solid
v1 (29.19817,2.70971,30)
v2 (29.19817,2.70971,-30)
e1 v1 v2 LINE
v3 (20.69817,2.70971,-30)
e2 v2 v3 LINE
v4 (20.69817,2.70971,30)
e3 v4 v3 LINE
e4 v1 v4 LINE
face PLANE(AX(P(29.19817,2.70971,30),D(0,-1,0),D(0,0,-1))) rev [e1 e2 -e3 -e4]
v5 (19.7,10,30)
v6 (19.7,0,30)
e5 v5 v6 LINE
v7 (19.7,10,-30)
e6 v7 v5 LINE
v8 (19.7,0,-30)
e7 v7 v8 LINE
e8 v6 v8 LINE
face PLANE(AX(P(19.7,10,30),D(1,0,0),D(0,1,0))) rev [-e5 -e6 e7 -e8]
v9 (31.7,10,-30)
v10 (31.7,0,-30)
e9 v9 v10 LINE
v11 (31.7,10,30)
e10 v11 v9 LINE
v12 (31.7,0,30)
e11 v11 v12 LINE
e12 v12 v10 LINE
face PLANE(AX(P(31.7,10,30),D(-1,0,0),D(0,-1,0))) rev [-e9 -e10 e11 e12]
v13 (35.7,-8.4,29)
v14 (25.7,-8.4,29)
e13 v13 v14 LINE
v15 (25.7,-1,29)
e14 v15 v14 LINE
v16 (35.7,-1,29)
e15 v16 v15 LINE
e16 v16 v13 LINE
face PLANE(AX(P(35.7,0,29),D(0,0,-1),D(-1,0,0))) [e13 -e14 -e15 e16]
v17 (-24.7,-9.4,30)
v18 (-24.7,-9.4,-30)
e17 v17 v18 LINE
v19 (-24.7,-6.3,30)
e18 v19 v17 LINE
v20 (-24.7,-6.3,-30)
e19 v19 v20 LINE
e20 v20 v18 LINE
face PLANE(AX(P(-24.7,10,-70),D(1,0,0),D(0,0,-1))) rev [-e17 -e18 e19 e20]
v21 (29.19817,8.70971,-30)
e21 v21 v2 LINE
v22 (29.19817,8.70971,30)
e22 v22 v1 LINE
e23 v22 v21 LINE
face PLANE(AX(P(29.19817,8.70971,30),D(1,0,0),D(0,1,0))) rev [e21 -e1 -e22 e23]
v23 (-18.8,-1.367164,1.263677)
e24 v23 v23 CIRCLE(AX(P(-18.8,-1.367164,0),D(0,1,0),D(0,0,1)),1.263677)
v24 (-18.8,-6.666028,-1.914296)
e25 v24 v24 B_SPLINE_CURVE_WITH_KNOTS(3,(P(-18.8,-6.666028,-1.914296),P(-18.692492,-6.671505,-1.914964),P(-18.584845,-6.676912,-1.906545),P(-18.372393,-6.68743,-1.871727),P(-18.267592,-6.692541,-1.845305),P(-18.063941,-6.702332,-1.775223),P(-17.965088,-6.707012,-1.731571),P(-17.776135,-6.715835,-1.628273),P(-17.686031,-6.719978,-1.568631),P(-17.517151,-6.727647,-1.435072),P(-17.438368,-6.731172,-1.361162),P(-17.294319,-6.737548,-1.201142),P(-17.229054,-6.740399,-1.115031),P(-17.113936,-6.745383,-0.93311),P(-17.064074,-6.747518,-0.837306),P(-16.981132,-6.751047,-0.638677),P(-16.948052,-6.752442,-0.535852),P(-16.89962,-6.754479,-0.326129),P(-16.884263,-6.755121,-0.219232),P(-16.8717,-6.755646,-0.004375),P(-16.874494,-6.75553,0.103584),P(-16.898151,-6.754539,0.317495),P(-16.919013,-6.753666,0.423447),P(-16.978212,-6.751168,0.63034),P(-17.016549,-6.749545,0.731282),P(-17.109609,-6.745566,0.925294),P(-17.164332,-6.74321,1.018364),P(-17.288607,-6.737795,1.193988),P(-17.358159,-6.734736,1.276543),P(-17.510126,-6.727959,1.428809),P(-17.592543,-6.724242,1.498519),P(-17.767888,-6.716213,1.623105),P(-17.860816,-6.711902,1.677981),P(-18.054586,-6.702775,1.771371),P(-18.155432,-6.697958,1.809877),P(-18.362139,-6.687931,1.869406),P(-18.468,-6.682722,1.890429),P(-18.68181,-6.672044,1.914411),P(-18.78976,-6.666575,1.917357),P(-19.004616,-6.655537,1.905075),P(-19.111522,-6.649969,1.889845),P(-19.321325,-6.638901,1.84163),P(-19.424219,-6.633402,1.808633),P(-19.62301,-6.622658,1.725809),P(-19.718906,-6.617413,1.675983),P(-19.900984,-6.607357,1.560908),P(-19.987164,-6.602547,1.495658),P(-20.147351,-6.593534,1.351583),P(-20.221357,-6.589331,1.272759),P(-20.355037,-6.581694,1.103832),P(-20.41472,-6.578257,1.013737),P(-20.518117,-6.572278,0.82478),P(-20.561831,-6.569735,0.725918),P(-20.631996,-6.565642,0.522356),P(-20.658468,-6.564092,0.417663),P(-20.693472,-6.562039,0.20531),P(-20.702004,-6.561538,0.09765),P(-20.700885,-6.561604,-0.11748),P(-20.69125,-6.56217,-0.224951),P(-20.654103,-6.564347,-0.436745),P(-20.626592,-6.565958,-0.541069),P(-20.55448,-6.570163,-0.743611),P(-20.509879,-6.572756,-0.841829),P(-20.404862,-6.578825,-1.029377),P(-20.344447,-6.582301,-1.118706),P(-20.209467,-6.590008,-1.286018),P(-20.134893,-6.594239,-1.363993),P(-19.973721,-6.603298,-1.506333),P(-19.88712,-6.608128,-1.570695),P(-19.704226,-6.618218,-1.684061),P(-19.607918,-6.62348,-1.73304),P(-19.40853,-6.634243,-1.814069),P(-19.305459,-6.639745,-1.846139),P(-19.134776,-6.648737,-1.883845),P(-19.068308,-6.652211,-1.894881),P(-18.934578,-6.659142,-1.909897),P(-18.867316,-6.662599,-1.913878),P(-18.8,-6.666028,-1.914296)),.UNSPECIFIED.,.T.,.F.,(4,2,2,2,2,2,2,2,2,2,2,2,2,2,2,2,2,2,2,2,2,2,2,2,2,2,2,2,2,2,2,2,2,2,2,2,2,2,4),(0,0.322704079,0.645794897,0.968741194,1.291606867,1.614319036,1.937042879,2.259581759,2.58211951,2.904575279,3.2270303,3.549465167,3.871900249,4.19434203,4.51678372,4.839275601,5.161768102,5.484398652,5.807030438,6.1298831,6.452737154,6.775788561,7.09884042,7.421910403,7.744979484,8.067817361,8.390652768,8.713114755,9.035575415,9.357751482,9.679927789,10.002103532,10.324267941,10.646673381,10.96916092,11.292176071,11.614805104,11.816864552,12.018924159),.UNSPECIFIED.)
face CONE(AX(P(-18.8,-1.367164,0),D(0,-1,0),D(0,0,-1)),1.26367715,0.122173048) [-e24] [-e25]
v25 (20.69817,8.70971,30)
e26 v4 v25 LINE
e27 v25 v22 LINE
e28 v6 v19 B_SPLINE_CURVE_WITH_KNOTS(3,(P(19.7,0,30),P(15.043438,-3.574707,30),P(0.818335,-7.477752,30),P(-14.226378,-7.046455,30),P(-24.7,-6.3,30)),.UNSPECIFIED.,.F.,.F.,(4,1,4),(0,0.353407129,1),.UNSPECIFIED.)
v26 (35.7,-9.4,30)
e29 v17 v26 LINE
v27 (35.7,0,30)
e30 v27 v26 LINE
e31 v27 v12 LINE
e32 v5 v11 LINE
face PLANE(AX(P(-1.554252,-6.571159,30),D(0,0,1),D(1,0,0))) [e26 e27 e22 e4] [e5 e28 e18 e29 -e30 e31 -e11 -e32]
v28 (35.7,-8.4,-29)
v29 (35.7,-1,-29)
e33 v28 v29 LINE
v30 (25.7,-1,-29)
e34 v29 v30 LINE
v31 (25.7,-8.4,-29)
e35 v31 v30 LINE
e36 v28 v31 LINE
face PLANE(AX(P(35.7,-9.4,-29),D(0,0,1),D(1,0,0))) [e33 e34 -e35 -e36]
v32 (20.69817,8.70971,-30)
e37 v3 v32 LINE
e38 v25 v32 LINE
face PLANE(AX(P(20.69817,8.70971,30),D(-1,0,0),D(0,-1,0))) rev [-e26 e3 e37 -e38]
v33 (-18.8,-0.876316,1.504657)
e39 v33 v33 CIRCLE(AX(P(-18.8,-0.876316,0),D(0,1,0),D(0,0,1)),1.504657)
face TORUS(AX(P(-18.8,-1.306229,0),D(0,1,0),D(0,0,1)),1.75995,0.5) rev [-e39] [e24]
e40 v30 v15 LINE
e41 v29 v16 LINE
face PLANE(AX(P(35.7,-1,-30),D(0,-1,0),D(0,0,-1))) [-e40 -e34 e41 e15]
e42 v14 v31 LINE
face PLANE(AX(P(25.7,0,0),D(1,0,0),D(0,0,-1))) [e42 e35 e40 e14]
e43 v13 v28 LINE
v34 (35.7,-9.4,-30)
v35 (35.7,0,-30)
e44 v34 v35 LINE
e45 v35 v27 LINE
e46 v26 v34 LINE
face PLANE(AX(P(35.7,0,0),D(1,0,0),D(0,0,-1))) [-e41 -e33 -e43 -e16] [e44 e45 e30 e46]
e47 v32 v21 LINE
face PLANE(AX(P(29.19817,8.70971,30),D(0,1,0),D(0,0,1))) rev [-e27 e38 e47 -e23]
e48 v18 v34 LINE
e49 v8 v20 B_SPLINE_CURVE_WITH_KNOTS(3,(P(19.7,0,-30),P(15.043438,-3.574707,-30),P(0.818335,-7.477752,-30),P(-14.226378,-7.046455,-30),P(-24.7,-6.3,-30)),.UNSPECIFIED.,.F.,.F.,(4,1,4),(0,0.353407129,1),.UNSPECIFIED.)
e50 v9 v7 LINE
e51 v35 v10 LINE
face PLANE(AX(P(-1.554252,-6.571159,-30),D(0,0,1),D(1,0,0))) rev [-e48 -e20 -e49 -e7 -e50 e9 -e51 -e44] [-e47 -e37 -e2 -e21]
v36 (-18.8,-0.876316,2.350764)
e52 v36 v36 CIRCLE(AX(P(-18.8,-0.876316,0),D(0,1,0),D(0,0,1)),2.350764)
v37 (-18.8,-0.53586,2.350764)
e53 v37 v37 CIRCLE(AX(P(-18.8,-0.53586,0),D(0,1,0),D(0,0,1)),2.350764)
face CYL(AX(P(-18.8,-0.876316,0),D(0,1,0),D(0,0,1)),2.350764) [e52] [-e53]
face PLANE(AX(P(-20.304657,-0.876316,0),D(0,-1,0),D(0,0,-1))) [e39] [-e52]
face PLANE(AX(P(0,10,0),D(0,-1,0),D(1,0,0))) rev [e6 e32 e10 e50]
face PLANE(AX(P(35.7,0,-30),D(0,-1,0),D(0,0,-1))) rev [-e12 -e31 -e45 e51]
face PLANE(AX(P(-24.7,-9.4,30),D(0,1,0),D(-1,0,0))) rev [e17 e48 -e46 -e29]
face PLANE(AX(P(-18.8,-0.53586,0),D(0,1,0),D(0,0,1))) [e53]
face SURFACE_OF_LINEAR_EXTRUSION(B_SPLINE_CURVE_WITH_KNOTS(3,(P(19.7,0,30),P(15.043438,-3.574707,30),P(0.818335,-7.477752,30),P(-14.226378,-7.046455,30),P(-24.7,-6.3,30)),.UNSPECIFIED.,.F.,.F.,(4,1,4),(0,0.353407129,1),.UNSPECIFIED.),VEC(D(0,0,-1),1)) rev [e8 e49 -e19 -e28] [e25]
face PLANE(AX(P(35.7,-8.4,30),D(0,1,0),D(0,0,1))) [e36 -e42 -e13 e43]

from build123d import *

# Parameters (mm, degrees)
SKETCH1_W           = 49.4
SKETCH1_H           = 140
BOSS_EXTRUDE1_DEPTH = 10
BOSS_EXTRUDE3_DEPTH = 30
SKETCH25_W          = 60
SKETCH25_H          = 9.4
BOSS_EXTRUDE4_DEPTH = 11
SHELL1_T            = -1
SKETCH34_W          = 12
SKETCH34_H          = 60
BOSS_EXTRUDE5_DEPTH = 10
SKETCH38_W          = 8.5
SKETCH38_H          = 6
CUT_EXTRUDE3_DEPTH  = 71.530064661


with BuildPart() as part:
    # Sketch1 → Boss-Extrude1 (new, symmetric)
    with BuildSketch(Plane(origin=(0, 0, 0), x_dir=(1, 0, 0), z_dir=(0, 1, 0))):
        Rectangle(SKETCH1_W, SKETCH1_H)
    extrude(amount=BOSS_EXTRUDE1_DEPTH, both=True)


with BuildPart() as body_2:
    # Sketch5 → Boss-Extrude3 (new, symmetric)
    with BuildSketch(Plane.XY):
        with BuildLine():
            Line((24.7, 0), (24.7, -9.4))
            Line((24.7, -9.4), (-24.7, -9.4))
            Line((-24.7, -9.4), (-24.7, -6.3))
            add(Edge.make_bspline(
                [(19.7, 0), (15.043437724, -3.574706607), (0.818334702, -7.477752328), (-14.226377906, -7.046455079), (-24.7, -6.3)],
                knots=[0, 0, 0, 0, 0.353407129, 1, 1, 1, 1], degree=3))
            Line((19.7, 0), (24.7, 0))
        make_face()
    extrude(amount=BOSS_EXTRUDE3_DEPTH, both=True)


with BuildPart() as part_1:
    add(part.part)

    # Combine1: intersect body 2
    add(body_2.part, mode=Mode.INTERSECT)

    # Sketch8 → Revolve2 (revolve)
    with BuildSketch(Plane.XY):
        with BuildLine():
            Line((-20.8, -7.364032413), (-20.06367715, -1.36716404))
            ThreePointArc((-20.06367715, -1.36716404), (-20.111122975, -1.085879422), (-20.30465694, -0.876316193))
            Line((-20.30465694, -0.876316193), (-21.150764231, -0.876316193))
            Line((-21.150764231, -0.876316193), (-21.150764231, -0.535859851))
            Line((-21.150764231, -0.535859851), (-18.8, -0.535859851))
            Line((-18.8, -0.535859851), (-18.8, -0.876316193))
            Line((-18.8, -0.876316193), (-18.8, -7.364032413))
            Line((-18.8, -7.364032413), (-20.8, -7.364032413))
        make_face()
    revolve(axis=Axis((-18.8, -0.876316193, 0), (0, -1, 0)))



with BuildPart() as body_2_2:
    # Sketch25 → Boss-Extrude4 (new body)
    with BuildSketch(Plane(origin=(24.7, 0, 0), x_dir=(0, 0, -1), z_dir=(1, 0, 0))):
        with Locations((0, -4.7)):
            Rectangle(SKETCH25_W, SKETCH25_H)
    extrude(amount=BOSS_EXTRUDE4_DEPTH)

    # Shell1
    shell1_openings = [body_2_2.faces().sort_by_distance(p)[0] for p in [
        (35.7, -4.7, 0),
    ]]
    offset(amount=SHELL1_T, openings=shell1_openings, kind=Kind.INTERSECTION)


with BuildPart() as part_2:
    add(part_1.part)

    add(body_2_2.part)  # Boss-Extrude5 merges body 2 2
    # Sketch34 → Boss-Extrude5 (add)
    with BuildSketch(Plane(origin=(0, 0, 0), x_dir=(1, 0, 0), z_dir=(0, 1, 0))):
        with Locations((25.7, 0)):
            Rectangle(SKETCH34_W, SKETCH34_H)
    extrude(amount=BOSS_EXTRUDE5_DEPTH)

    # Sketch38 → Cut-Extrude3 (cut, through all)
    with BuildSketch(Plane(origin=(0, 0, -30), x_dir=(-1, 0, 0), z_dir=(0, 0, -1))):
        with Locations((-24.948170483, 5.70970961)):
            Rectangle(SKETCH38_W, SKETCH38_H)
    extrude(amount=-CUT_EXTRUDE3_DEPTH, mode=Mode.SUBTRACT)


solid = part_2.part
